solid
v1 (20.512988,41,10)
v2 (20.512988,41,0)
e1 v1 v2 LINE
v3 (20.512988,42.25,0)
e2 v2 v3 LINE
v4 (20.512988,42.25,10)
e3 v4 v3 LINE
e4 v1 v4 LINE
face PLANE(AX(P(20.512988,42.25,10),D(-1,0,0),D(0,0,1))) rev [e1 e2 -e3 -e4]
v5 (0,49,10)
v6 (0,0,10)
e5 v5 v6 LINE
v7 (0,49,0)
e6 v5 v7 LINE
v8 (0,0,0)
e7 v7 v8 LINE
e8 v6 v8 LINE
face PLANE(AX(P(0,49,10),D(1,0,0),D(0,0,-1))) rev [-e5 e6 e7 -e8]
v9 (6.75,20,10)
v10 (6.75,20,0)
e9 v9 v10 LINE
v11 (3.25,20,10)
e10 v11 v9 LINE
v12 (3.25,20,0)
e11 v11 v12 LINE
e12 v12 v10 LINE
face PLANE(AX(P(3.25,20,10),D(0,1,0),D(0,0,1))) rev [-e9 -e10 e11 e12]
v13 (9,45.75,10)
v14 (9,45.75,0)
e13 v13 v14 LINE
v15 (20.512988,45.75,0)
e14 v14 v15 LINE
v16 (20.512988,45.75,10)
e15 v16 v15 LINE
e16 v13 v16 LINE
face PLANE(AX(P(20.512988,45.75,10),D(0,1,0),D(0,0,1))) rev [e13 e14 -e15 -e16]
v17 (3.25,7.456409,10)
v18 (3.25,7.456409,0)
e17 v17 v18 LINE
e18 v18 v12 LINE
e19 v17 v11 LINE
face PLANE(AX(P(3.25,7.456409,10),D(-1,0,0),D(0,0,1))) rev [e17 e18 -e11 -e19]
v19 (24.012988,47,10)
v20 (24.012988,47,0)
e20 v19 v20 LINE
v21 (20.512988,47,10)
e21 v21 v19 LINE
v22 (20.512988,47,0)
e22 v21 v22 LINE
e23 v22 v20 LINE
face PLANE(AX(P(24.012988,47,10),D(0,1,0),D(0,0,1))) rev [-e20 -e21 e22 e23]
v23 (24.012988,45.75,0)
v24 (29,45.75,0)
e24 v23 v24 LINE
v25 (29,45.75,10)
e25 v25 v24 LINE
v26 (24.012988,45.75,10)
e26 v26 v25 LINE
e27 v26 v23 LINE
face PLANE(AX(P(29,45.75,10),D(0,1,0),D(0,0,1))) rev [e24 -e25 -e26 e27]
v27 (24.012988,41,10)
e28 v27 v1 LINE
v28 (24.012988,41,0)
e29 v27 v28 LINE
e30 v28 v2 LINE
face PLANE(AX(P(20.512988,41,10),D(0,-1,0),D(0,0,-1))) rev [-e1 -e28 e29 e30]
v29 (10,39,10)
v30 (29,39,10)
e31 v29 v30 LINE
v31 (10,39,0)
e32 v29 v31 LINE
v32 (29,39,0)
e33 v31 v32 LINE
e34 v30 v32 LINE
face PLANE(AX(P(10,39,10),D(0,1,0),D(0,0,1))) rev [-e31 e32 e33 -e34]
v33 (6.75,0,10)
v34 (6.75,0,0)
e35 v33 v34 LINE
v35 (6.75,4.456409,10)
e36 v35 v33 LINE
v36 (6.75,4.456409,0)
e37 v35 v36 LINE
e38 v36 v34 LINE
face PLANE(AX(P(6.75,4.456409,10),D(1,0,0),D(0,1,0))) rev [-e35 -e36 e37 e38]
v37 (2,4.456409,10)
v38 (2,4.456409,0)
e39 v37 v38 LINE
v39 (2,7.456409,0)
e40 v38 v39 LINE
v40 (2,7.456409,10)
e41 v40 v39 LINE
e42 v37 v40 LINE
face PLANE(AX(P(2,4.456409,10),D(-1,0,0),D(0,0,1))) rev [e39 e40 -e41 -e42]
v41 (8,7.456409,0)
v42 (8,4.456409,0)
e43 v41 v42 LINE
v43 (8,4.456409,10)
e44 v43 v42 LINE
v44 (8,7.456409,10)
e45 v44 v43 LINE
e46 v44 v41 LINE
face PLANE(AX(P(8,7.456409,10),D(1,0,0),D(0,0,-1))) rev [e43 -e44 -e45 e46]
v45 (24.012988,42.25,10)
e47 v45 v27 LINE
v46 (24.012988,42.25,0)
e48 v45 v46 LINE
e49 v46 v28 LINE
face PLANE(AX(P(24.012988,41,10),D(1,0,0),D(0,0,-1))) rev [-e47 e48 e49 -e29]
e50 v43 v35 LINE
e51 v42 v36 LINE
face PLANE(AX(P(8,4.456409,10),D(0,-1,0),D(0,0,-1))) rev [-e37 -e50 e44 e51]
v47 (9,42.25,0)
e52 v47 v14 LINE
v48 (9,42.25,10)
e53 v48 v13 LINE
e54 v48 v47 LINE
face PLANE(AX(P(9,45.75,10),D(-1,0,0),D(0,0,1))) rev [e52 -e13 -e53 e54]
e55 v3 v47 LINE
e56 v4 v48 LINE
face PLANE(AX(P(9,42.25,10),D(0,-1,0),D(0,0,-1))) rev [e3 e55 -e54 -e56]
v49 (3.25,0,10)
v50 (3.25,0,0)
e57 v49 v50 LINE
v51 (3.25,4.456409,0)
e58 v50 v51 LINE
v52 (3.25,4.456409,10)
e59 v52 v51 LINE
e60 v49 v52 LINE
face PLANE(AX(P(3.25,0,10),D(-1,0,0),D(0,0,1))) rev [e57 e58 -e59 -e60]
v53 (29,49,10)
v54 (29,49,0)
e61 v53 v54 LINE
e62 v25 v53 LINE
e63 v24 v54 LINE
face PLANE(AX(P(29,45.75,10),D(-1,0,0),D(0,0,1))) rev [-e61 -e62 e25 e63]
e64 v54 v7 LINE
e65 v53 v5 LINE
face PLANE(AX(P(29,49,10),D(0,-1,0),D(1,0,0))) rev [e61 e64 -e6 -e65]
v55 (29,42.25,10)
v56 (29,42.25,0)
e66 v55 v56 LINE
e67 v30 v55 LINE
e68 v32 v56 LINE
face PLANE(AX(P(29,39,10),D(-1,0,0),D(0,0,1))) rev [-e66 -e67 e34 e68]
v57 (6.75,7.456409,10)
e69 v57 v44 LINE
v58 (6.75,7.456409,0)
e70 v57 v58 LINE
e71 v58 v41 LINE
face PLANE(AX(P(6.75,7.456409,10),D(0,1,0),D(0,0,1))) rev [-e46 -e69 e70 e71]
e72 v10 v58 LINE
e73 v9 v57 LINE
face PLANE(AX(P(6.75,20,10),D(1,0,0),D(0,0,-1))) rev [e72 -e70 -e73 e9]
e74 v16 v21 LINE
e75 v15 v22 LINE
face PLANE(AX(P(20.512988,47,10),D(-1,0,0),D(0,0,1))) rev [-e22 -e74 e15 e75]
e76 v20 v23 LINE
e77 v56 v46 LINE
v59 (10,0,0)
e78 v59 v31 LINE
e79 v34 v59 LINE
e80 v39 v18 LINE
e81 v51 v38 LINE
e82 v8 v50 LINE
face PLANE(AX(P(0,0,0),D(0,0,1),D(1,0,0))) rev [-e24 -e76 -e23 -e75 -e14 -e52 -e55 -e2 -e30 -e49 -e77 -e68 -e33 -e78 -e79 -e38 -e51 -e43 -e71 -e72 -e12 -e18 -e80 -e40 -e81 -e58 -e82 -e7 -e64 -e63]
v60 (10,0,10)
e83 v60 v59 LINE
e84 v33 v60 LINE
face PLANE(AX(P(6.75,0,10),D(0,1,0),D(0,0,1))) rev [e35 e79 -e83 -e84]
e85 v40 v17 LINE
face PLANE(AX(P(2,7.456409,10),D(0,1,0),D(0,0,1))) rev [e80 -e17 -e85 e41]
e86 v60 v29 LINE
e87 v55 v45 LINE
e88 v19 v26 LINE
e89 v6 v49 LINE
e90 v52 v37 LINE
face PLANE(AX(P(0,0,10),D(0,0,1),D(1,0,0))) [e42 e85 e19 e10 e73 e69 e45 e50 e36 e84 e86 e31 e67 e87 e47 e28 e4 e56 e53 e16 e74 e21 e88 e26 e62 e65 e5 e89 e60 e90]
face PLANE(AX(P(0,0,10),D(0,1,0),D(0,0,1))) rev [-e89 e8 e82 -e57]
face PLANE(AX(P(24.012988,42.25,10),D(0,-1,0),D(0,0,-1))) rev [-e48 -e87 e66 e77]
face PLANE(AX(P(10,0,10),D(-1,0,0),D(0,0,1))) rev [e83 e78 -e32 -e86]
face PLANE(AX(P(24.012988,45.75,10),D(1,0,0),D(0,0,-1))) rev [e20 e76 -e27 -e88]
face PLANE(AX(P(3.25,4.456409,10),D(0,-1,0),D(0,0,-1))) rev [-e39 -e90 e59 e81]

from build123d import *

# Parameters (mm, degrees)
BOSS_EXTRU_1_DEPTH = 10


with BuildPart() as part:
    # Esquisse1 → Boss.-Extru.1 (new body)
    with BuildSketch(Plane.XY):
        Polygon((0, 0), (3.25, 0), (3.25, 4.456409207), (2, 4.456409207), (2, 7.456409207), (3.25, 7.456409207), (3.25, 20), (6.75, 20), (6.75, 7.456409207), (8, 7.456409207), (8, 4.456409207), (6.75, 4.456409207), (6.75, 0), (10, 0), (10, 39), (29, 39), (29, 42.25), (24.012987871, 42.25), (24.012987871, 41), (20.512987871, 41), (20.512987871, 42.25), (9, 42.25), (9, 45.75), (20.512987871, 45.75), (20.512987871, 47), (24.012987871, 47), (24.012987871, 45.75), (29, 45.75), (29, 49), (0, 49), align=None)
    extrude(amount=BOSS_EXTRU_1_DEPTH)


solid = part.part
